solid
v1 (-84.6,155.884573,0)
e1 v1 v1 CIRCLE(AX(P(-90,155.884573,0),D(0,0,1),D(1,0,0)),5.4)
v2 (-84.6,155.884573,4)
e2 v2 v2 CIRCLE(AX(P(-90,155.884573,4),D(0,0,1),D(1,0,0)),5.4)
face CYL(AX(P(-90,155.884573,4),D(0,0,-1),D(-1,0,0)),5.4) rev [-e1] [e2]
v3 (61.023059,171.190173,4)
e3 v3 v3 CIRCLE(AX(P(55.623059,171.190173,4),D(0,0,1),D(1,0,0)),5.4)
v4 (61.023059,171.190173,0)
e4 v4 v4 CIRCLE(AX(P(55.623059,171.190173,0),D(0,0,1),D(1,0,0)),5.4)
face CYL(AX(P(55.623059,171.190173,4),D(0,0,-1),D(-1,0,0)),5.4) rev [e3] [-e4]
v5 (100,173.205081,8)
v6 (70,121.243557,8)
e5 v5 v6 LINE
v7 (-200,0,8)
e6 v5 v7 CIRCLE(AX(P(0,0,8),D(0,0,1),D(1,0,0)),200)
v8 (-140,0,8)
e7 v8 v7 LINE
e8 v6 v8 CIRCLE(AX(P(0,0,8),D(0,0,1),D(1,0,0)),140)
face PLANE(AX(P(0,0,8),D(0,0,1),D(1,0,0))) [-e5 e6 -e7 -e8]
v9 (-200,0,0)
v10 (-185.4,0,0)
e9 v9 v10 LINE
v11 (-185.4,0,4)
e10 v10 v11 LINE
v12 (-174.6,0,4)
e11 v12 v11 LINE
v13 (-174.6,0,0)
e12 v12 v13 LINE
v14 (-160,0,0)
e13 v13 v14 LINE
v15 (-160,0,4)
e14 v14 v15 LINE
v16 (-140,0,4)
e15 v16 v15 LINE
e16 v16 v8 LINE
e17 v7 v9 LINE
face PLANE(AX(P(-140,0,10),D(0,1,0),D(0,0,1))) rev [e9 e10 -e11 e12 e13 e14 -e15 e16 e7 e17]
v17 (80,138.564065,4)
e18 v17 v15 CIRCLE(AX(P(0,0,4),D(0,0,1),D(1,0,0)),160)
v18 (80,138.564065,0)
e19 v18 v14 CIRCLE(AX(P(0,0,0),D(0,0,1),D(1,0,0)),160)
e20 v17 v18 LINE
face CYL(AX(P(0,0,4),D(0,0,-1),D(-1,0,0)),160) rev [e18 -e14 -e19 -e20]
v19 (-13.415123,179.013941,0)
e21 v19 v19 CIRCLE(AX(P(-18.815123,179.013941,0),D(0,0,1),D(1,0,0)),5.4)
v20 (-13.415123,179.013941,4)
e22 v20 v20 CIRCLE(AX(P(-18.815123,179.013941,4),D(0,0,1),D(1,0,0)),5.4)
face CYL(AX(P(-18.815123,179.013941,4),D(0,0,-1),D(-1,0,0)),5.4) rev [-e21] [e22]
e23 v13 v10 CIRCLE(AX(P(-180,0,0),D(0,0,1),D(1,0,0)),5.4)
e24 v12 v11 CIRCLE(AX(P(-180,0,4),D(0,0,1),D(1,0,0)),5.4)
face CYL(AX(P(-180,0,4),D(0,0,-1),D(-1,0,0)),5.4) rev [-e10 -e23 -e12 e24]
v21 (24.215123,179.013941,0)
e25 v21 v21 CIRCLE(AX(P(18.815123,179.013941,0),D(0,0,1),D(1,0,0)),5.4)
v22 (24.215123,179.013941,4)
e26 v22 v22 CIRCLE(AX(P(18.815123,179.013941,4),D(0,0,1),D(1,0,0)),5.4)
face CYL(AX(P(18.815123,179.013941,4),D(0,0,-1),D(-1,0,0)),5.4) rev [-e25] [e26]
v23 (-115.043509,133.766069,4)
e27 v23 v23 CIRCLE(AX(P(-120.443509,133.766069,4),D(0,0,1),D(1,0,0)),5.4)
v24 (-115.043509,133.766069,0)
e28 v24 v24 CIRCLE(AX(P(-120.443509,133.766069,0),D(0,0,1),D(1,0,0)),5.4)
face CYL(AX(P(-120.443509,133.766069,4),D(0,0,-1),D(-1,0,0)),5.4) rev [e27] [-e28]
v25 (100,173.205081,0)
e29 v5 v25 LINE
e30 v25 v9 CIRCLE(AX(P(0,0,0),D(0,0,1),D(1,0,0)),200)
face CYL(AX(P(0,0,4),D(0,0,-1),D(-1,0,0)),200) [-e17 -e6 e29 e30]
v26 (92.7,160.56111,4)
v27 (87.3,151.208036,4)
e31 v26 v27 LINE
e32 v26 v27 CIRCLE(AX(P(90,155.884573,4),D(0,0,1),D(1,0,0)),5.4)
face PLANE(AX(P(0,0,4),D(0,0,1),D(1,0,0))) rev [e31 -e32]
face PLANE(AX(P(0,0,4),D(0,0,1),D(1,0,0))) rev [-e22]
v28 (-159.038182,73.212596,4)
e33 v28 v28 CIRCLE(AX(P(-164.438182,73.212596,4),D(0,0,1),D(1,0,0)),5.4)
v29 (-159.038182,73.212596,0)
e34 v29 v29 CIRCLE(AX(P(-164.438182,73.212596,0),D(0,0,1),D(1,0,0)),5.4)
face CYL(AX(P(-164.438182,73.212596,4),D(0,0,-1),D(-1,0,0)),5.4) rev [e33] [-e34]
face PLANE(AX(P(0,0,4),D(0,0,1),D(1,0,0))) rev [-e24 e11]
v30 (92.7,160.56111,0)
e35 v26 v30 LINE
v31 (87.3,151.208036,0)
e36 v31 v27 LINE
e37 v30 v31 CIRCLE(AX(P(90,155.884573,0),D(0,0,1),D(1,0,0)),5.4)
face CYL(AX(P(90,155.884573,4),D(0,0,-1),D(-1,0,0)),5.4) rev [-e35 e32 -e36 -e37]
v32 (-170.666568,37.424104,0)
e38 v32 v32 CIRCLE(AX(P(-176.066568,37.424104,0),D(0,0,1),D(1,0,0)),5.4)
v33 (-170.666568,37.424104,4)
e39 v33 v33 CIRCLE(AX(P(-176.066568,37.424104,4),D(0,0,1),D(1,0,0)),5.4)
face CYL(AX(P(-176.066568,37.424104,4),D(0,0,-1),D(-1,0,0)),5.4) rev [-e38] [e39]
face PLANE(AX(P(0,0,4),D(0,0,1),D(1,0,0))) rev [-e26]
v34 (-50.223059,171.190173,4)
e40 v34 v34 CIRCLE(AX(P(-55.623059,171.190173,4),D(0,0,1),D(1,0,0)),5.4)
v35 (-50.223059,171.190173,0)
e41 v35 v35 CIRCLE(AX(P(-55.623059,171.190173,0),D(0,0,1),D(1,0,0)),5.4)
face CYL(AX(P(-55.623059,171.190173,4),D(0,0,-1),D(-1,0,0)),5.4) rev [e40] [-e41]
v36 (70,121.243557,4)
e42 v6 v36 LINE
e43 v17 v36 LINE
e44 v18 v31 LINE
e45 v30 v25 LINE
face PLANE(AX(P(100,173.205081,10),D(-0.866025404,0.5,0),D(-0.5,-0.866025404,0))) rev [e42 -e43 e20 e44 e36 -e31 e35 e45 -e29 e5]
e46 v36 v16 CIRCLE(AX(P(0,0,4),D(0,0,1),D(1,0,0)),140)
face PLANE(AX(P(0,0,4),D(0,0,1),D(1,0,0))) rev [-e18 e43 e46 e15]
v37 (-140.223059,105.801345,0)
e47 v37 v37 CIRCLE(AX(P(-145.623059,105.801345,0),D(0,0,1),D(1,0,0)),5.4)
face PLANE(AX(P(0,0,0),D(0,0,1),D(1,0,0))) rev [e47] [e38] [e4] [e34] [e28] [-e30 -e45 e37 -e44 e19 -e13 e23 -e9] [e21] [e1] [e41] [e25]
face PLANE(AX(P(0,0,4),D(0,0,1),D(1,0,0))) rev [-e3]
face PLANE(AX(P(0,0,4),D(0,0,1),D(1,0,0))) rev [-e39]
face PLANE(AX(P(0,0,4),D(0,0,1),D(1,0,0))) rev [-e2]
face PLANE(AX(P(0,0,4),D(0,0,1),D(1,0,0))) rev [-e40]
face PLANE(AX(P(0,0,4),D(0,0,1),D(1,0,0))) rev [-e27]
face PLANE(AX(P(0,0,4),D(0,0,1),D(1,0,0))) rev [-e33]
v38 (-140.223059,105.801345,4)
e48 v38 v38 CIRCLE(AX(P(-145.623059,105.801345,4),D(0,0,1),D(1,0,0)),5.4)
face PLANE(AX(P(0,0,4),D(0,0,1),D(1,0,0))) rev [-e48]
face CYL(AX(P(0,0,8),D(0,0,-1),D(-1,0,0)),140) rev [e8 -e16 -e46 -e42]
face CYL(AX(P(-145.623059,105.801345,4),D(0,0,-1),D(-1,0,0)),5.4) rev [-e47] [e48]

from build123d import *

# Parameters (mm, degrees)
CROQUIS1_R              = 200
CROQUIS1_R_2            = 160
CROQUIS1_R_3            = 5.4
SALIENTE_EXTRUIR1_DEPTH = 4
CROQUIS2_R              = 200
CROQUIS2_R_2            = 140
SALIENTE_EXTRUIR2_DEPTH = 4
CORTAR_EXTRUIR1_DEPTH   = 10


with BuildPart() as part:
    # Croquis1 → Saliente-Extruir1 (new body)
    with BuildSketch(Plane.XY):
        Circle(CROQUIS1_R)
        Circle(CROQUIS1_R_2, mode=Mode.SUBTRACT)
        with Locations((145.623058987, 105.801345413)):
            Circle(CROQUIS1_R_3, mode=Mode.SUBTRACT)
        with Locations((164.438182376, 73.212595754)):
            Circle(CROQUIS1_R_3, mode=Mode.SUBTRACT)
        with Locations((176.066568132, 37.424104347)):
            Circle(CROQUIS1_R_3, mode=Mode.SUBTRACT)
        with Locations((180, 0)):
            Circle(CROQUIS1_R_3, mode=Mode.SUBTRACT)
        with Locations((176.066568132, -37.424104347)):
            Circle(CROQUIS1_R_3, mode=Mode.SUBTRACT)
        with Locations((164.438182376, -73.212595754)):
            Circle(CROQUIS1_R_3, mode=Mode.SUBTRACT)
        with Locations((145.623058987, -105.801345413)):
            Circle(CROQUIS1_R_3, mode=Mode.SUBTRACT)
        with Locations((120.443509145, -133.766068586)):
            Circle(CROQUIS1_R_3, mode=Mode.SUBTRACT)
        with Locations((90, -155.884572681)):
            Circle(CROQUIS1_R_3, mode=Mode.SUBTRACT)
        with Locations((55.623058987, -171.190172933)):
            Circle(CROQUIS1_R_3, mode=Mode.SUBTRACT)
        with Locations((18.815123388, -179.013941166)):
            Circle(CROQUIS1_R_3, mode=Mode.SUBTRACT)
        with Locations((-18.815123388, -179.013941166)):
            Circle(CROQUIS1_R_3, mode=Mode.SUBTRACT)
        with Locations((-55.623058987, -171.190172933)):
            Circle(CROQUIS1_R_3, mode=Mode.SUBTRACT)
        with Locations((-90, -155.884572681)):
            Circle(CROQUIS1_R_3, mode=Mode.SUBTRACT)
        with Locations((-120.443509145, -133.766068586)):
            Circle(CROQUIS1_R_3, mode=Mode.SUBTRACT)
        with Locations((-145.623058987, -105.801345413)):
            Circle(CROQUIS1_R_3, mode=Mode.SUBTRACT)
        with Locations((-164.438182376, -73.212595754)):
            Circle(CROQUIS1_R_3, mode=Mode.SUBTRACT)
        with Locations((-176.066568132, -37.424104347)):
            Circle(CROQUIS1_R_3, mode=Mode.SUBTRACT)
        with Locations((-180, 0)):
            Circle(CROQUIS1_R_3, mode=Mode.SUBTRACT)
        with Locations((-176.066568132, 37.424104347)):
            Circle(CROQUIS1_R_3, mode=Mode.SUBTRACT)
        with Locations((-164.438182376, 73.212595754)):
            Circle(CROQUIS1_R_3, mode=Mode.SUBTRACT)
        with Locations((-145.623058987, 105.801345413)):
            Circle(CROQUIS1_R_3, mode=Mode.SUBTRACT)
        with Locations((-120.443509145, 133.766068586)):
            Circle(CROQUIS1_R_3, mode=Mode.SUBTRACT)
        with Locations((-90, 155.884572681)):
            Circle(CROQUIS1_R_3, mode=Mode.SUBTRACT)
        with Locations((-55.623058987, 171.190172933)):
            Circle(CROQUIS1_R_3, mode=Mode.SUBTRACT)
        with Locations((-18.815123388, 179.013941166)):
            Circle(CROQUIS1_R_3, mode=Mode.SUBTRACT)
        with Locations((18.815123388, 179.013941166)):
            Circle(CROQUIS1_R_3, mode=Mode.SUBTRACT)
        with Locations((55.623058987, 171.190172933)):
            Circle(CROQUIS1_R_3, mode=Mode.SUBTRACT)
        with Locations((90, 155.884572681)):
            Circle(CROQUIS1_R_3, mode=Mode.SUBTRACT)
        with Locations((120.443509145, 133.766068586)):
            Circle(CROQUIS1_R_3, mode=Mode.SUBTRACT)
    extrude(amount=SALIENTE_EXTRUIR1_DEPTH)

    # Croquis2 → Saliente-Extruir2 (add)
    with BuildSketch(Plane.XY.offset(4)):
        Circle(CROQUIS2_R)
        Circle(CROQUIS2_R_2, mode=Mode.SUBTRACT)
    extrude(amount=SALIENTE_EXTRUIR2_DEPTH)

    # Croquis3 → Cortar-Extruir1 (cut)
    with BuildSketch(Plane(origin=(0, 0, 0), x_dir=(-1, 0, 0), z_dir=(0, 0, -1))):
        Polygon((-100, 173.205080757), (-166.23575866, 173.205080757), (-252.111103181, -105.177600858), (-104.783677259, -222.566833277), (177.265619424, -205.234194933), (232.312426825, -26.788589339), (200, 0), (140, 0), (-70, 121.24355653), align=None)
    extrude(amount=-CORTAR_EXTRUIR1_DEPTH, mode=Mode.SUBTRACT)


solid = part.part
